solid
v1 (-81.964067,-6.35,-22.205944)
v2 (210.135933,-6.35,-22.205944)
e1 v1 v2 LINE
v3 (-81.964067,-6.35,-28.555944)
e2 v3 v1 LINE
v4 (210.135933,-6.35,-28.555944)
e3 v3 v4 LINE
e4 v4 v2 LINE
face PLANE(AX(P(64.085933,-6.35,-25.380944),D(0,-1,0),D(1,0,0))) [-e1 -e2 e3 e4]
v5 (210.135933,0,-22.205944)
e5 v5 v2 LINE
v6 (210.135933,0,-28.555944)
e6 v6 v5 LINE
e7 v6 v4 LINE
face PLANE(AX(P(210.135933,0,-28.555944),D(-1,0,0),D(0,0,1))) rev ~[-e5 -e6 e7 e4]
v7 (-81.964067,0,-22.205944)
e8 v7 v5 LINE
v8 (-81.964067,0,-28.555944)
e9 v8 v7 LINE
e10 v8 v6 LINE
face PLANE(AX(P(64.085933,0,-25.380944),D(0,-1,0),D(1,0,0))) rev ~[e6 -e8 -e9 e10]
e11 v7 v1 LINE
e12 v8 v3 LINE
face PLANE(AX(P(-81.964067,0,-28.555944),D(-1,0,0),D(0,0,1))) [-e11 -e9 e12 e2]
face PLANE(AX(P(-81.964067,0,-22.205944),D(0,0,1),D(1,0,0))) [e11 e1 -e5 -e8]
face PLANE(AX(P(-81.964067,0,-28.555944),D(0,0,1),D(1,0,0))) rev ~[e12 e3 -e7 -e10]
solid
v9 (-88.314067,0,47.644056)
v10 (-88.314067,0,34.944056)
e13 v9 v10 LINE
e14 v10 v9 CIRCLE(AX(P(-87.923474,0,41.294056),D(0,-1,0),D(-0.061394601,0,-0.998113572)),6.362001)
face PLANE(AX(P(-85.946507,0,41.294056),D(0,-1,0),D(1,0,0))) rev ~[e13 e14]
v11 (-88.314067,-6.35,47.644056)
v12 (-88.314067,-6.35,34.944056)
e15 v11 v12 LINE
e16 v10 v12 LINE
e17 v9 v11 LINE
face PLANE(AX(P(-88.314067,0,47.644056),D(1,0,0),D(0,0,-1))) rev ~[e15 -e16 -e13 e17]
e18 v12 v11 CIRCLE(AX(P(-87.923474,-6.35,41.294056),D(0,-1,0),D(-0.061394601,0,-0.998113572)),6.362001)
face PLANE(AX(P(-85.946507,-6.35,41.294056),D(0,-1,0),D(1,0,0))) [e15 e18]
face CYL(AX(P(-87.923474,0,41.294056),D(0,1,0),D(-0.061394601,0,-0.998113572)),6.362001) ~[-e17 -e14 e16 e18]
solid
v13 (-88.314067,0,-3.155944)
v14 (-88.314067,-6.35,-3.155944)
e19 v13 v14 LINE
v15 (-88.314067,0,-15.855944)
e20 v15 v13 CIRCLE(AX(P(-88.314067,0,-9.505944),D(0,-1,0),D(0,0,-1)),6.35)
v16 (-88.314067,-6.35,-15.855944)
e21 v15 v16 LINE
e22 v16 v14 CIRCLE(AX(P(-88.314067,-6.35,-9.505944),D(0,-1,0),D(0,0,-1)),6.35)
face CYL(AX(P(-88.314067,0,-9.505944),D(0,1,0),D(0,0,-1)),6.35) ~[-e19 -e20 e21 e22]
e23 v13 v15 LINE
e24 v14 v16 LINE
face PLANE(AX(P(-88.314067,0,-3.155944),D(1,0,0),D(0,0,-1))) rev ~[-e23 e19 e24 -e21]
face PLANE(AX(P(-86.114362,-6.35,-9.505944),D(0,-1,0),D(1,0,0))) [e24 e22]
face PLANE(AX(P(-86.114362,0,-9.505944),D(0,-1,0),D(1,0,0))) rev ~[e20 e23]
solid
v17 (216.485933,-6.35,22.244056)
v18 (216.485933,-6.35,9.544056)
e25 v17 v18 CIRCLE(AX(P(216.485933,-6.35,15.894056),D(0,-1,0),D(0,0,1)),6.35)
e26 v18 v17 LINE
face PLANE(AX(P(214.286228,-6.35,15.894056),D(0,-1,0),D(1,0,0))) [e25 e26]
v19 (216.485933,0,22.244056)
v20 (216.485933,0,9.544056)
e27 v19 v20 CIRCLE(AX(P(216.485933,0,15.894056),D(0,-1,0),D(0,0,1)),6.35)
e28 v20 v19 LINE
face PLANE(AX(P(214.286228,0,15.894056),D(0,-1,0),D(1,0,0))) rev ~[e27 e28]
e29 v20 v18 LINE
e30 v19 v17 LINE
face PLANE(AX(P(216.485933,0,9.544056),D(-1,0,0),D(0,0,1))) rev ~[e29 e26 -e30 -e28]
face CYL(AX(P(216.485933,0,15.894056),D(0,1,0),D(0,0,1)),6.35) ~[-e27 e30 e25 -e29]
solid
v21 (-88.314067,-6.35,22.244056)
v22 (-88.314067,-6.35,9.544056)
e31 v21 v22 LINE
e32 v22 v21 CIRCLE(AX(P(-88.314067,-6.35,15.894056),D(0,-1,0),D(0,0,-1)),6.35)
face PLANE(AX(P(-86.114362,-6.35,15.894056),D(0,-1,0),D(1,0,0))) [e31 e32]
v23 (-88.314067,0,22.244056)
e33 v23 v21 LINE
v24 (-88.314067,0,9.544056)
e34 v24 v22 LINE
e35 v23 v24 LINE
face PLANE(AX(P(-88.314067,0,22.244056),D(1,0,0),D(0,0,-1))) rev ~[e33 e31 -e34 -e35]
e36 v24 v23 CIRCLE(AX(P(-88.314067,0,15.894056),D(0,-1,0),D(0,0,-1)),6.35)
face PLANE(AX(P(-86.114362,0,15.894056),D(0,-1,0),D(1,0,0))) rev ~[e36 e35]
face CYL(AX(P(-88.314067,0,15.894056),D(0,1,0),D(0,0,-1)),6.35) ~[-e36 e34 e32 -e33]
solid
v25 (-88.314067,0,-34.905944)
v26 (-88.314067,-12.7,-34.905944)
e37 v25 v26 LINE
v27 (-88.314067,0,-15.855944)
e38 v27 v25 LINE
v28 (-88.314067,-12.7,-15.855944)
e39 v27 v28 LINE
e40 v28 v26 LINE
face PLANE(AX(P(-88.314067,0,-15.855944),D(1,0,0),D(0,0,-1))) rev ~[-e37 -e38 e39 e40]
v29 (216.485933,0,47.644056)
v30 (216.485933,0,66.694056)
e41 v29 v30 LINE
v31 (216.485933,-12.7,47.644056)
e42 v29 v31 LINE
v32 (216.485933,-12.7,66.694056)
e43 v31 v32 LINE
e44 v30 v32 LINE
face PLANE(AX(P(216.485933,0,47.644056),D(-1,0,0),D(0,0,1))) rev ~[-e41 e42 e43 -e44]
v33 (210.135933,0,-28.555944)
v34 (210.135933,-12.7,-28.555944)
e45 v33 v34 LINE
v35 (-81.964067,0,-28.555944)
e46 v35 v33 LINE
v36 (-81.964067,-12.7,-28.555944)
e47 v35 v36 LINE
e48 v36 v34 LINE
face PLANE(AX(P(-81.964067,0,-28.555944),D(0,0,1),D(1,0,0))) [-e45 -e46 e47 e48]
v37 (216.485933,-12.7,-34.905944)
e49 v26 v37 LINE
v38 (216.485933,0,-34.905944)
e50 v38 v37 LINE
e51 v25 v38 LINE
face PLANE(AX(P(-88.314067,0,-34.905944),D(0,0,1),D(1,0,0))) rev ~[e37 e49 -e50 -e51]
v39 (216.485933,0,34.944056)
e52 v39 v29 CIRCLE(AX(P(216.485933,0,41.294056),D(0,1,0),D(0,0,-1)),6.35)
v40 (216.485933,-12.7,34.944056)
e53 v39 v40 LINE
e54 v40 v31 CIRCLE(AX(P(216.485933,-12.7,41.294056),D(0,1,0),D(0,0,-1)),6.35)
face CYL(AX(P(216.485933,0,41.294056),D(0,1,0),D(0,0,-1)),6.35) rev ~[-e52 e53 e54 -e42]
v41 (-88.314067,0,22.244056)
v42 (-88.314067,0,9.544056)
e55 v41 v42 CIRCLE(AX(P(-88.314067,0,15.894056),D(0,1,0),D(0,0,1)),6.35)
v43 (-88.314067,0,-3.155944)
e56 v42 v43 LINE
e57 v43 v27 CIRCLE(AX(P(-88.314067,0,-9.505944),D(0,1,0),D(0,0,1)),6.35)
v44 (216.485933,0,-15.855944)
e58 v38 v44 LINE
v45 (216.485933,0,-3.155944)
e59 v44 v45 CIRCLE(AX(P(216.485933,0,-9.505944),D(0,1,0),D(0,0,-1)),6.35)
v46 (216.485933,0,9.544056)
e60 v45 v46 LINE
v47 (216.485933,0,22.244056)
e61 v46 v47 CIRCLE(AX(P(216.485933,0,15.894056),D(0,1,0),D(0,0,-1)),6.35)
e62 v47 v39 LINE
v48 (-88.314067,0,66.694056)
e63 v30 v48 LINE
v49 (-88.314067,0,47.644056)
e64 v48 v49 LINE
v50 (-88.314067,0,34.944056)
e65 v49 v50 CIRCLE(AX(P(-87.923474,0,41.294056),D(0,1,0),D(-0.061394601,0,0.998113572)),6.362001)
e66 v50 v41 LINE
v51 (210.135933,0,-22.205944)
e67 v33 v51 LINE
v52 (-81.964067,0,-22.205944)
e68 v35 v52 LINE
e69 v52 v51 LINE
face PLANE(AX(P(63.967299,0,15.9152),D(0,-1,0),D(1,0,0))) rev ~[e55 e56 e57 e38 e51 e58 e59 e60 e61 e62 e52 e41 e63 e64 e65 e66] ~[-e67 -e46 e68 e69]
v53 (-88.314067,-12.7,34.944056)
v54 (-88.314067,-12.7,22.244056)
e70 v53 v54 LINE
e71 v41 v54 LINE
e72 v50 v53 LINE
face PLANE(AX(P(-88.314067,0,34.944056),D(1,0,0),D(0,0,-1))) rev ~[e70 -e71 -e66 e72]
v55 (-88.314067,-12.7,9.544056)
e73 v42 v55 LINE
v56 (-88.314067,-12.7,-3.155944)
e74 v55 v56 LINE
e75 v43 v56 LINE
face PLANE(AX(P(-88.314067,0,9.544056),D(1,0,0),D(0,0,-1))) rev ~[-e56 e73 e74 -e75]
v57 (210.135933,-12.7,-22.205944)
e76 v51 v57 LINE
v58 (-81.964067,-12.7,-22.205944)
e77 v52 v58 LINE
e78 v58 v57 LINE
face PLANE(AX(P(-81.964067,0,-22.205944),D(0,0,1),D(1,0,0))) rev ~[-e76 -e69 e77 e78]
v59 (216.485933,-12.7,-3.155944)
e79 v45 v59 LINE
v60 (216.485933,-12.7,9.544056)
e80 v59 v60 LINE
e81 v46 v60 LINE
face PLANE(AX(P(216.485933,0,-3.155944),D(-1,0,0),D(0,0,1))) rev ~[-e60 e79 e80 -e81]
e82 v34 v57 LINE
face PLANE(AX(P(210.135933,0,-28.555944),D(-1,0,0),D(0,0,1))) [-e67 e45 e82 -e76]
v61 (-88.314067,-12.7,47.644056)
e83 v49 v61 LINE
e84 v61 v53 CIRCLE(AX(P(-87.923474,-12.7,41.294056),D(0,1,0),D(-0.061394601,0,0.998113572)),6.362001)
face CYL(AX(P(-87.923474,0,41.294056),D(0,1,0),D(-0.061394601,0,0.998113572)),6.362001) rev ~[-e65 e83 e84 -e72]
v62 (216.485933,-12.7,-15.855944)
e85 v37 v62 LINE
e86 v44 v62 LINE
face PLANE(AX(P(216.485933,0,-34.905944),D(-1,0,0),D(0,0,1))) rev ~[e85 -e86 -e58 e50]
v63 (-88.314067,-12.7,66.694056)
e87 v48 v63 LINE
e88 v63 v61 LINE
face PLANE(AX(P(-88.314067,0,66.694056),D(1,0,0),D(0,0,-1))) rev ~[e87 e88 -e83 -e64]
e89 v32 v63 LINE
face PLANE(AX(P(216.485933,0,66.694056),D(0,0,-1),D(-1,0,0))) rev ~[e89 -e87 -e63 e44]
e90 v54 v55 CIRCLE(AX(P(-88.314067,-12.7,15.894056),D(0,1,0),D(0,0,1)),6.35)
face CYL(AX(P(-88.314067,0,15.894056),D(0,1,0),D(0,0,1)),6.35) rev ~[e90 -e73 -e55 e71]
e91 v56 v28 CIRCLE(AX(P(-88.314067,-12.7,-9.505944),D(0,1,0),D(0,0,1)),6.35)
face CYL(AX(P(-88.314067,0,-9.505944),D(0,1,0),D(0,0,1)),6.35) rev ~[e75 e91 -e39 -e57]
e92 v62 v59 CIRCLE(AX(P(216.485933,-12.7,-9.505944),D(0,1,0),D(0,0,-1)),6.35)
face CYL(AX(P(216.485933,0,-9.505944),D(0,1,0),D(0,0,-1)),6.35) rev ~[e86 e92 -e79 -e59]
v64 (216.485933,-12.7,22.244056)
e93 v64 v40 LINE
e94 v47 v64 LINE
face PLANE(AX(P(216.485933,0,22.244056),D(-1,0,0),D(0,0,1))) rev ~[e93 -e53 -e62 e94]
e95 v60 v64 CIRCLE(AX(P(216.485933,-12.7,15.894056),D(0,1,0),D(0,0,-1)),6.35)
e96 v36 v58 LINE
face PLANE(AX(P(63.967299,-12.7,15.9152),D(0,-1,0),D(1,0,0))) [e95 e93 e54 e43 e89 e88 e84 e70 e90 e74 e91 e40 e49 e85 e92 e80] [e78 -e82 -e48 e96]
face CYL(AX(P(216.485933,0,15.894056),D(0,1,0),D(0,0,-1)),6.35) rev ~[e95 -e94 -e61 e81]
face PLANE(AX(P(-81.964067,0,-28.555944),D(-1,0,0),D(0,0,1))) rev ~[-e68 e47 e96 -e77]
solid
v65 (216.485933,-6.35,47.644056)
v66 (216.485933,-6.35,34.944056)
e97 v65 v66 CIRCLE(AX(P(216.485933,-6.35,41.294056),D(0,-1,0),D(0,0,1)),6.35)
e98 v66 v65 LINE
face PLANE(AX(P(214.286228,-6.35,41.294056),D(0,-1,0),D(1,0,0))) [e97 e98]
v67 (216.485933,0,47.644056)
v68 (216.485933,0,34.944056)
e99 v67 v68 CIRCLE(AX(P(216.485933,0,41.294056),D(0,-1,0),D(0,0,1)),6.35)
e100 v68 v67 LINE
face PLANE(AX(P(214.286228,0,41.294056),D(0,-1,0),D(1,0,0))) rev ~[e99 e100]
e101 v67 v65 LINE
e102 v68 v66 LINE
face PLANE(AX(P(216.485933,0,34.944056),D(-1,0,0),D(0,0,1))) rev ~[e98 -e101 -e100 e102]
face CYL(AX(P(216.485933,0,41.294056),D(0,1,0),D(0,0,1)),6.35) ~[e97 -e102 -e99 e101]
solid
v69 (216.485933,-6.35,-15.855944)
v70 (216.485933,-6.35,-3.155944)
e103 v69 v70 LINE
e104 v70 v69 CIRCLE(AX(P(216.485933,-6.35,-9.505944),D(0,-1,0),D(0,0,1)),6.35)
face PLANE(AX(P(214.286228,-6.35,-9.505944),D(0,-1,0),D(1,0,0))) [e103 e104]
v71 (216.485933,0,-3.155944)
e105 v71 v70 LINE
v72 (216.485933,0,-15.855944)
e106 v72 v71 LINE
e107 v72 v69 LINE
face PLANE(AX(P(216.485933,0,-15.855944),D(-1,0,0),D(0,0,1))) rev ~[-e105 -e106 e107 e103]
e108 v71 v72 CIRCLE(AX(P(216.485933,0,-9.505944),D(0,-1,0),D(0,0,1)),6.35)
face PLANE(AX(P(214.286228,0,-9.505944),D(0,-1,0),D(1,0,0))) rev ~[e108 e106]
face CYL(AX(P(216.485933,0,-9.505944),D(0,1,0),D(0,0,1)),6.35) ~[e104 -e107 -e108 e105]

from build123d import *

# Parameters (mm, degrees)
F0_W     = 292.1
F0_H     = 6.35
F1_DEPTH = 6.35
F2_DEPTH = 6.35
F3_DEPTH = 12.7


with BuildPart() as f1:
    # F0 (on Front) → F1 (new body)
    with BuildSketch(Plane.XZ):
        with Locations((64.085933, -25.380944)):
            Rectangle(F0_W, F0_H)
    extrude(amount=F1_DEPTH)


with BuildPart() as f2:
    # F0 (on Front) → F2 (new body)
    with BuildSketch(Plane.XZ):
        with BuildLine():
            ThreePointArc((-88.314067, -15.855944), (-81.964067, -9.505944), (-88.314067, -3.155944))
            Line((-88.314067, -3.155944), (-88.314067, -15.855944))
        make_face()
        with BuildLine():
            ThreePointArc((-88.314067, 9.544056), (-81.964067, 15.894056), (-88.314067, 22.244056))
            Line((-88.314067, 22.244056), (-88.314067, 9.544056))
        make_face()
        with BuildLine():
            ThreePointArc((-88.314067, 34.944056), (-81.561473, 41.294056), (-88.314067, 47.644056))
            Line((-88.314067, 47.644056), (-88.314067, 34.944056))
        make_face()
        with BuildLine():
            Line((216.485933, 34.944056), (216.485933, 47.644056))
            ThreePointArc((216.485933, 47.644056), (210.135933, 41.294056), (216.485933, 34.944056))
        make_face()
        with BuildLine():
            Line((216.485933, 9.544056), (216.485933, 22.244056))
            ThreePointArc((216.485933, 22.244056), (210.135933, 15.894056), (216.485933, 9.544056))
        make_face()
        with BuildLine():
            Line((216.485933, -15.855944), (216.485933, -3.155944))
            ThreePointArc((216.485933, -3.155944), (210.135933, -9.505944), (216.485933, -15.855944))
        make_face()
    extrude(amount=F2_DEPTH)


with BuildPart() as f3:
    # F0 (on Front) → F3 (new body)
    with BuildSketch(Plane.XZ):
        with BuildLine():
            Line((216.485933, 66.694056), (-88.314067, 66.694056))
            Line((-88.314067, 66.694056), (-88.314067, 47.644056))
            ThreePointArc((-88.314067, 47.644056), (-81.561473, 41.294056), (-88.314067, 34.944056))
            Line((-88.314067, 34.944056), (-88.314067, 22.244056))
            ThreePointArc((-88.314067, 22.244056), (-81.964067, 15.894056), (-88.314067, 9.544056))
            Line((-88.314067, 9.544056), (-88.314067, -3.155944))
            ThreePointArc((-88.314067, -3.155944), (-81.964067, -9.505944), (-88.314067, -15.855944))
            Line((-88.314067, -15.855944), (-88.314067, -34.905944))
            Line((-88.314067, -34.905944), (216.485933, -34.905944))
            Line((216.485933, -34.905944), (216.485933, -15.855944))
            ThreePointArc((216.485933, -15.855944), (210.135933, -9.505944), (216.485933, -3.155944))
            Line((216.485933, -3.155944), (216.485933, 9.544056))
            ThreePointArc((216.485933, 9.544056), (210.135933, 15.894056), (216.485933, 22.244056))
            Line((216.485933, 22.244056), (216.485933, 34.944056))
            ThreePointArc((216.485933, 34.944056), (210.135933, 41.294056), (216.485933, 47.644056))
            Line((216.485933, 47.644056), (216.485933, 66.694056))
        make_face()
        with Locations((64.085933, -25.380944)):
            Rectangle(F0_W, F0_H, mode=Mode.SUBTRACT)
    extrude(amount=F3_DEPTH)


solid = Compound([f1.part, f2.part, f3.part])
